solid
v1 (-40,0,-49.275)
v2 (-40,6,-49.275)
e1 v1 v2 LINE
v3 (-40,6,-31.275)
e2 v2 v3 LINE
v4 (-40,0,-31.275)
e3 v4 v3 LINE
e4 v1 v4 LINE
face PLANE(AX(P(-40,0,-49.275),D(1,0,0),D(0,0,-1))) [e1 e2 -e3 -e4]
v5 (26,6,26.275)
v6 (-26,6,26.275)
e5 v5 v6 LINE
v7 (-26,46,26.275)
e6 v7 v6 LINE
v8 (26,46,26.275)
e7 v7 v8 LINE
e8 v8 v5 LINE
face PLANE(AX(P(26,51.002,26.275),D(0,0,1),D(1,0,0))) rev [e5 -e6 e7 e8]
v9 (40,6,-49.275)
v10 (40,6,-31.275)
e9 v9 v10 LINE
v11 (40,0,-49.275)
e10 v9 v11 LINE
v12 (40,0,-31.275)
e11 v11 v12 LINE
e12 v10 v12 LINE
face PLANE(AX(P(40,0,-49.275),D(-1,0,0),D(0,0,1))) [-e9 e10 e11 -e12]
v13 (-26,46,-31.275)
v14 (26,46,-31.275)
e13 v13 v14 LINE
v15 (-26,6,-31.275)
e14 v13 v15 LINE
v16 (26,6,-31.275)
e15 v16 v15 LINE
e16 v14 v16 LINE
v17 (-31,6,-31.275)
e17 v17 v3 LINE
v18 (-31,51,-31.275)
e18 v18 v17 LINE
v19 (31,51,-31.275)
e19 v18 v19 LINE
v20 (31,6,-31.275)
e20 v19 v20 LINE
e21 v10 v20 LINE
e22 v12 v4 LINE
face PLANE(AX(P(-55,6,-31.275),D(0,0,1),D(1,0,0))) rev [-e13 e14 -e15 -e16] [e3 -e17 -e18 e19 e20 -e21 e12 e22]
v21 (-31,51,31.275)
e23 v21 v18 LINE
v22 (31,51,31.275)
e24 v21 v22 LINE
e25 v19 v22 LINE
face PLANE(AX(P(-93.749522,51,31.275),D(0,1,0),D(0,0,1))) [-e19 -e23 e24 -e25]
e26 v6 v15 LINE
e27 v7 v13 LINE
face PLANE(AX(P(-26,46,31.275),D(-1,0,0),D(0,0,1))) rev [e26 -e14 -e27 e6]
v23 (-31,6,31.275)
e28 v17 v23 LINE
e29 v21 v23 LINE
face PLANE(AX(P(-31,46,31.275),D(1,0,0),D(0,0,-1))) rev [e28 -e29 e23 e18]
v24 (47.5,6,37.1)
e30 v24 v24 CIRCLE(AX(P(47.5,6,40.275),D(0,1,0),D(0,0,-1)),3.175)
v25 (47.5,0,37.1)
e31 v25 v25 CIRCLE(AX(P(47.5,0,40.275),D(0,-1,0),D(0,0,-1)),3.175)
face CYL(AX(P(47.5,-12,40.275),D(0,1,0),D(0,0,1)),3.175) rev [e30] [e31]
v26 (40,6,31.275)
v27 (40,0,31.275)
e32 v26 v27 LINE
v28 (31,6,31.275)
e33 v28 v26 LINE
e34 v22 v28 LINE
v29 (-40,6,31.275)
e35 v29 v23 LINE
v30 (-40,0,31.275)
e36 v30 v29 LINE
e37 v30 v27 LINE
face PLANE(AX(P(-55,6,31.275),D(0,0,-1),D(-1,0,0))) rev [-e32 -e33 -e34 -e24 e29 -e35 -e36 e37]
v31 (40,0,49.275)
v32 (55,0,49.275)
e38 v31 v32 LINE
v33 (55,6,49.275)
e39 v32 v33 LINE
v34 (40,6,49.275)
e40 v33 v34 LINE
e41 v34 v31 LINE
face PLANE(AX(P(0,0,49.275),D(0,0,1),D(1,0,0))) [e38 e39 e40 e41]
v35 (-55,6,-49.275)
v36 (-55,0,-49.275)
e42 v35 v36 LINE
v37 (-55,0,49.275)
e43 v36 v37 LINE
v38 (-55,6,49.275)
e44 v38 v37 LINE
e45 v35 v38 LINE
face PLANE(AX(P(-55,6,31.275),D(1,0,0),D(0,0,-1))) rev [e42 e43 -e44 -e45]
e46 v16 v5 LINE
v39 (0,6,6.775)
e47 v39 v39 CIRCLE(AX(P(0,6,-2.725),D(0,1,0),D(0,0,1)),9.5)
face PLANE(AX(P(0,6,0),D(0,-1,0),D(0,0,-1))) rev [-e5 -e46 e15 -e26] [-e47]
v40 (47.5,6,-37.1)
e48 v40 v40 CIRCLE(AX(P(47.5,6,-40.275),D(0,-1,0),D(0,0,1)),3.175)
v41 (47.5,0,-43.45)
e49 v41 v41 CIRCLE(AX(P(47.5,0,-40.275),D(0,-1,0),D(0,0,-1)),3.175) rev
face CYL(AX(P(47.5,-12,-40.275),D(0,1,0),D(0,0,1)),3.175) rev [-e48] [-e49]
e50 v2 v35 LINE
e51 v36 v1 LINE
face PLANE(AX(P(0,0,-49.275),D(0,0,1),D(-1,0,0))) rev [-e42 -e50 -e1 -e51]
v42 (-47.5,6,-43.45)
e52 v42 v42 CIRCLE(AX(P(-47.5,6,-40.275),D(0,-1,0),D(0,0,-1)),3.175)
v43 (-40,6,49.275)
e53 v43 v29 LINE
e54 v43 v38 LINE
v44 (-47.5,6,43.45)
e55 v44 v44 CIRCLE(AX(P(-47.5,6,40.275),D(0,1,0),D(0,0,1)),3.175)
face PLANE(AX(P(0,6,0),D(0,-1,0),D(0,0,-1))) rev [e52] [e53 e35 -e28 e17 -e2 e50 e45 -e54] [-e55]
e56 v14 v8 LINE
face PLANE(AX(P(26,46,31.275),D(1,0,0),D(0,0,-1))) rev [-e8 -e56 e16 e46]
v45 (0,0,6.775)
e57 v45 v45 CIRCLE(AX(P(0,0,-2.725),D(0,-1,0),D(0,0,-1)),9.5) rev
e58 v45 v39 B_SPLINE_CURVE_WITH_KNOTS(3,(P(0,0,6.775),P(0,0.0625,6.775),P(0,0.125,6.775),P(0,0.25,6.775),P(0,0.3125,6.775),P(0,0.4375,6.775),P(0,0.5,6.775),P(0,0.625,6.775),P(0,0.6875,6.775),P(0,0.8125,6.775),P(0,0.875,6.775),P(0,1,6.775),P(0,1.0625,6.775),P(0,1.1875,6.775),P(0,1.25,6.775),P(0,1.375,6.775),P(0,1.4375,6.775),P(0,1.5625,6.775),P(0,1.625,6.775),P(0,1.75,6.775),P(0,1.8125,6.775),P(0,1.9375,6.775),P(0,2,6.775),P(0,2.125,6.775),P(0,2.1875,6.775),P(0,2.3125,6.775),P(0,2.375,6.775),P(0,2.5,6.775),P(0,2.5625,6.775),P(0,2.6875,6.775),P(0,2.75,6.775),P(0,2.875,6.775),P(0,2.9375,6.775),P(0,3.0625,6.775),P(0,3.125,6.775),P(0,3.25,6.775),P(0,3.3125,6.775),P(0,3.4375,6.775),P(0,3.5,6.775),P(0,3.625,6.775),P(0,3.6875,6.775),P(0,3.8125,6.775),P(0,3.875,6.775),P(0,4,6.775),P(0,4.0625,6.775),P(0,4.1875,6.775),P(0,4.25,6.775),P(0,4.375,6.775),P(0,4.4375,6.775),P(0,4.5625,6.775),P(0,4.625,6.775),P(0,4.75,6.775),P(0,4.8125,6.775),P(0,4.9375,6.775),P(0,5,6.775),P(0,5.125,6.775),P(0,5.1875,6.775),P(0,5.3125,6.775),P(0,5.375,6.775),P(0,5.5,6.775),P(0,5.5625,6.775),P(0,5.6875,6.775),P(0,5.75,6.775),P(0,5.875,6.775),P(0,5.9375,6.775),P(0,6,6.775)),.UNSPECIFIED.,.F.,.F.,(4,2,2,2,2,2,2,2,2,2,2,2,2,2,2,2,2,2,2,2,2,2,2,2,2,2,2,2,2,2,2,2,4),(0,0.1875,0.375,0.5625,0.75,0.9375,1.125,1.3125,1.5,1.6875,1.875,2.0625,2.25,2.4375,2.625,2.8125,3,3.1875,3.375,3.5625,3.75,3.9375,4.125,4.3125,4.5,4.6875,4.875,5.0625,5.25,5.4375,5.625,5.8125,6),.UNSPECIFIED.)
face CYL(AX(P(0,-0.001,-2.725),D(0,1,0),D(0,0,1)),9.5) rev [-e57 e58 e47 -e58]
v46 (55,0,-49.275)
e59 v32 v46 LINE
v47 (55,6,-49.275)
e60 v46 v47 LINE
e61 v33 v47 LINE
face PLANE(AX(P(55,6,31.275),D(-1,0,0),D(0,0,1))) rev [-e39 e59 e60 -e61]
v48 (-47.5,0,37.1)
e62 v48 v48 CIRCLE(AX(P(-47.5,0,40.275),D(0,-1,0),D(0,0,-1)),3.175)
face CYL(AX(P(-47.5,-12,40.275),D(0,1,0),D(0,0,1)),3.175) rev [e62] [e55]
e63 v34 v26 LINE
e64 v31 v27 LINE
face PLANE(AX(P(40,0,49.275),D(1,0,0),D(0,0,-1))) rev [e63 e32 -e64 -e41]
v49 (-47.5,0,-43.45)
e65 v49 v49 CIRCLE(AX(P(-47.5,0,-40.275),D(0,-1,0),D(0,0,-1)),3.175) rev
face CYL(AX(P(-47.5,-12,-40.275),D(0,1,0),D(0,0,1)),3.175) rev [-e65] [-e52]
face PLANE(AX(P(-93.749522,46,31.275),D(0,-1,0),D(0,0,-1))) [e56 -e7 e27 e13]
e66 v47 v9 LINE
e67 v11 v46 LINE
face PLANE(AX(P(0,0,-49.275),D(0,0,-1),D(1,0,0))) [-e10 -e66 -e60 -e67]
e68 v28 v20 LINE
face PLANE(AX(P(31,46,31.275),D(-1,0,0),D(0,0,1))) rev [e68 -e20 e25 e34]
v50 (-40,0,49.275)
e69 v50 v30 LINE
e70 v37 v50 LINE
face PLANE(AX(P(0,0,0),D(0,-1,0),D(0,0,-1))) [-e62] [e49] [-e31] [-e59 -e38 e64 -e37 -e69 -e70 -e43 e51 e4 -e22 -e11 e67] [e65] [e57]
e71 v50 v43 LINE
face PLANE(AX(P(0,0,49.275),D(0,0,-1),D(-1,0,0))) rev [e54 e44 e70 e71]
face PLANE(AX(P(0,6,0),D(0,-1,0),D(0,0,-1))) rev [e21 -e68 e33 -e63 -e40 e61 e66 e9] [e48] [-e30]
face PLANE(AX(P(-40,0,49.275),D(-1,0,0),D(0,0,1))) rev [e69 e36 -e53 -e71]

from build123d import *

# Parameters (mm, degrees)
SKETCH1_W           = 110
SKETCH1_H           = 62.55
BOSS_EXTRUDE1_DEPTH = 6
CUT_EXTRUDE1_REACH  = 65.554
SKETCH2_R           = 9.5
SKETCH4_W           = 15
SKETCH4_H           = 6
BOSS_EXTRUDE2_DEPTH = 18
SKETCH5_R           = 3.175
CUT_EXTRUDE3_DEPTH  = 18
SKETCH6_W           = 5
SKETCH6_H           = 62.55
BOSS_EXTRUDE3_DEPTH = 40
SKETCH7_W           = 62.55
SKETCH7_H           = 5
BOSS_EXTRUDE4_DEPTH = 62
BOSS_EXTRUDE5_REACH = 88.476
SKETCH8_W           = 52
SKETCH8_H           = 5


with BuildPart() as part:
    # Sketch1 → Boss-Extrude1 (new body)
    with BuildSketch(Plane(origin=(0, 0, 0), x_dir=(1, 0, 0), z_dir=(0, 1, 0))):
        Rectangle(SKETCH1_W, SKETCH1_H)
    extrude(amount=BOSS_EXTRUDE1_DEPTH)

    # Sketch2 → Cut-Extrude1 (cut, up to next)
    with BuildSketch(Plane(origin=(0, 6, 0), x_dir=(1, 0, 0), z_dir=(0, 1, 0)), mode=Mode.PRIVATE) as cut_extrude1_sk1:
        with Locations(Location((0, 2.725, 0), (0, 0, 270))):
            Circle(SKETCH2_R)
    cut_extrude1_tool1 = extrude(cut_extrude1_sk1.sketch, amount=-CUT_EXTRUDE1_REACH, mode=Mode.PRIVATE) & part.part
    add(cut_extrude1_tool1.solids().sort_by_distance((0, 6, -2.725))[0], mode=Mode.SUBTRACT)

    # Sketch4 → Boss-Extrude2 (add)
    with BuildSketch(Plane.XY.offset(31.275)):
        with Locations((-47.5, 3)):
            Rectangle(SKETCH4_W, SKETCH4_H)
        with Locations((47.5, 3)):
            Rectangle(SKETCH4_W, SKETCH4_H)
    boss_extrude2 = extrude(amount=BOSS_EXTRUDE2_DEPTH)

    # Sketch5 → Cut-Extrude3 (cut)
    with BuildSketch(Plane(origin=(0, 6, 0), x_dir=(1, 0, 0), z_dir=(0, 1, 0))):
        with Locations(Location((-47.5, -40.275, 0), (0, 0, 270))):
            Circle(SKETCH5_R)
        with Locations(Location((47.5, -40.275, 0), (0, 0, 90))):
            Circle(SKETCH5_R)
    cut_extrude3 = extrude(amount=-CUT_EXTRUDE3_DEPTH, mode=Mode.SUBTRACT)

    # Mirror1: Boss-Extrude2, Cut-Extrude3 across plane
    add(boss_extrude2.mirror(Plane.XY))
    add(cut_extrude3.mirror(Plane.XY), mode=Mode.SUBTRACT)

    # Sketch6 → Boss-Extrude3 (add)
    with BuildSketch(Plane(origin=(0, 6, 0), x_dir=(1, 0, 0), z_dir=(0, 1, 0))):
        with Locations((28.5, 0)):
            Rectangle(SKETCH6_W, SKETCH6_H)
        with Locations((-28.5, 0)):
            Rectangle(SKETCH6_W, SKETCH6_H)
    extrude(amount=BOSS_EXTRUDE3_DEPTH)

    # Sketch7 → Boss-Extrude4 (add)
    with BuildSketch(Plane(origin=(31, 0, 0), x_dir=(0, 0, -1), z_dir=(1, 0, 0))):
        with Locations((0, 48.5)):
            Rectangle(SKETCH7_W, SKETCH7_H)
    extrude(amount=-BOSS_EXTRUDE4_DEPTH)

    # Sketch8 → Boss-Extrude5 (add, up to next)
    with BuildSketch(Plane(origin=(0, 6, 0), x_dir=(1, 0, 0), z_dir=(0, 1, 0)), mode=Mode.PRIVATE) as boss_extrude5_sk1:
        with Locations((0, -28.775)):
            Rectangle(SKETCH8_W, SKETCH8_H)
    boss_extrude5_tool1 = extrude(boss_extrude5_sk1.sketch, amount=BOSS_EXTRUDE5_REACH, mode=Mode.PRIVATE) - part.part
    add(boss_extrude5_tool1.solids().sort_by_distance((0, 6, 28.775))[0])


solid = part.part
